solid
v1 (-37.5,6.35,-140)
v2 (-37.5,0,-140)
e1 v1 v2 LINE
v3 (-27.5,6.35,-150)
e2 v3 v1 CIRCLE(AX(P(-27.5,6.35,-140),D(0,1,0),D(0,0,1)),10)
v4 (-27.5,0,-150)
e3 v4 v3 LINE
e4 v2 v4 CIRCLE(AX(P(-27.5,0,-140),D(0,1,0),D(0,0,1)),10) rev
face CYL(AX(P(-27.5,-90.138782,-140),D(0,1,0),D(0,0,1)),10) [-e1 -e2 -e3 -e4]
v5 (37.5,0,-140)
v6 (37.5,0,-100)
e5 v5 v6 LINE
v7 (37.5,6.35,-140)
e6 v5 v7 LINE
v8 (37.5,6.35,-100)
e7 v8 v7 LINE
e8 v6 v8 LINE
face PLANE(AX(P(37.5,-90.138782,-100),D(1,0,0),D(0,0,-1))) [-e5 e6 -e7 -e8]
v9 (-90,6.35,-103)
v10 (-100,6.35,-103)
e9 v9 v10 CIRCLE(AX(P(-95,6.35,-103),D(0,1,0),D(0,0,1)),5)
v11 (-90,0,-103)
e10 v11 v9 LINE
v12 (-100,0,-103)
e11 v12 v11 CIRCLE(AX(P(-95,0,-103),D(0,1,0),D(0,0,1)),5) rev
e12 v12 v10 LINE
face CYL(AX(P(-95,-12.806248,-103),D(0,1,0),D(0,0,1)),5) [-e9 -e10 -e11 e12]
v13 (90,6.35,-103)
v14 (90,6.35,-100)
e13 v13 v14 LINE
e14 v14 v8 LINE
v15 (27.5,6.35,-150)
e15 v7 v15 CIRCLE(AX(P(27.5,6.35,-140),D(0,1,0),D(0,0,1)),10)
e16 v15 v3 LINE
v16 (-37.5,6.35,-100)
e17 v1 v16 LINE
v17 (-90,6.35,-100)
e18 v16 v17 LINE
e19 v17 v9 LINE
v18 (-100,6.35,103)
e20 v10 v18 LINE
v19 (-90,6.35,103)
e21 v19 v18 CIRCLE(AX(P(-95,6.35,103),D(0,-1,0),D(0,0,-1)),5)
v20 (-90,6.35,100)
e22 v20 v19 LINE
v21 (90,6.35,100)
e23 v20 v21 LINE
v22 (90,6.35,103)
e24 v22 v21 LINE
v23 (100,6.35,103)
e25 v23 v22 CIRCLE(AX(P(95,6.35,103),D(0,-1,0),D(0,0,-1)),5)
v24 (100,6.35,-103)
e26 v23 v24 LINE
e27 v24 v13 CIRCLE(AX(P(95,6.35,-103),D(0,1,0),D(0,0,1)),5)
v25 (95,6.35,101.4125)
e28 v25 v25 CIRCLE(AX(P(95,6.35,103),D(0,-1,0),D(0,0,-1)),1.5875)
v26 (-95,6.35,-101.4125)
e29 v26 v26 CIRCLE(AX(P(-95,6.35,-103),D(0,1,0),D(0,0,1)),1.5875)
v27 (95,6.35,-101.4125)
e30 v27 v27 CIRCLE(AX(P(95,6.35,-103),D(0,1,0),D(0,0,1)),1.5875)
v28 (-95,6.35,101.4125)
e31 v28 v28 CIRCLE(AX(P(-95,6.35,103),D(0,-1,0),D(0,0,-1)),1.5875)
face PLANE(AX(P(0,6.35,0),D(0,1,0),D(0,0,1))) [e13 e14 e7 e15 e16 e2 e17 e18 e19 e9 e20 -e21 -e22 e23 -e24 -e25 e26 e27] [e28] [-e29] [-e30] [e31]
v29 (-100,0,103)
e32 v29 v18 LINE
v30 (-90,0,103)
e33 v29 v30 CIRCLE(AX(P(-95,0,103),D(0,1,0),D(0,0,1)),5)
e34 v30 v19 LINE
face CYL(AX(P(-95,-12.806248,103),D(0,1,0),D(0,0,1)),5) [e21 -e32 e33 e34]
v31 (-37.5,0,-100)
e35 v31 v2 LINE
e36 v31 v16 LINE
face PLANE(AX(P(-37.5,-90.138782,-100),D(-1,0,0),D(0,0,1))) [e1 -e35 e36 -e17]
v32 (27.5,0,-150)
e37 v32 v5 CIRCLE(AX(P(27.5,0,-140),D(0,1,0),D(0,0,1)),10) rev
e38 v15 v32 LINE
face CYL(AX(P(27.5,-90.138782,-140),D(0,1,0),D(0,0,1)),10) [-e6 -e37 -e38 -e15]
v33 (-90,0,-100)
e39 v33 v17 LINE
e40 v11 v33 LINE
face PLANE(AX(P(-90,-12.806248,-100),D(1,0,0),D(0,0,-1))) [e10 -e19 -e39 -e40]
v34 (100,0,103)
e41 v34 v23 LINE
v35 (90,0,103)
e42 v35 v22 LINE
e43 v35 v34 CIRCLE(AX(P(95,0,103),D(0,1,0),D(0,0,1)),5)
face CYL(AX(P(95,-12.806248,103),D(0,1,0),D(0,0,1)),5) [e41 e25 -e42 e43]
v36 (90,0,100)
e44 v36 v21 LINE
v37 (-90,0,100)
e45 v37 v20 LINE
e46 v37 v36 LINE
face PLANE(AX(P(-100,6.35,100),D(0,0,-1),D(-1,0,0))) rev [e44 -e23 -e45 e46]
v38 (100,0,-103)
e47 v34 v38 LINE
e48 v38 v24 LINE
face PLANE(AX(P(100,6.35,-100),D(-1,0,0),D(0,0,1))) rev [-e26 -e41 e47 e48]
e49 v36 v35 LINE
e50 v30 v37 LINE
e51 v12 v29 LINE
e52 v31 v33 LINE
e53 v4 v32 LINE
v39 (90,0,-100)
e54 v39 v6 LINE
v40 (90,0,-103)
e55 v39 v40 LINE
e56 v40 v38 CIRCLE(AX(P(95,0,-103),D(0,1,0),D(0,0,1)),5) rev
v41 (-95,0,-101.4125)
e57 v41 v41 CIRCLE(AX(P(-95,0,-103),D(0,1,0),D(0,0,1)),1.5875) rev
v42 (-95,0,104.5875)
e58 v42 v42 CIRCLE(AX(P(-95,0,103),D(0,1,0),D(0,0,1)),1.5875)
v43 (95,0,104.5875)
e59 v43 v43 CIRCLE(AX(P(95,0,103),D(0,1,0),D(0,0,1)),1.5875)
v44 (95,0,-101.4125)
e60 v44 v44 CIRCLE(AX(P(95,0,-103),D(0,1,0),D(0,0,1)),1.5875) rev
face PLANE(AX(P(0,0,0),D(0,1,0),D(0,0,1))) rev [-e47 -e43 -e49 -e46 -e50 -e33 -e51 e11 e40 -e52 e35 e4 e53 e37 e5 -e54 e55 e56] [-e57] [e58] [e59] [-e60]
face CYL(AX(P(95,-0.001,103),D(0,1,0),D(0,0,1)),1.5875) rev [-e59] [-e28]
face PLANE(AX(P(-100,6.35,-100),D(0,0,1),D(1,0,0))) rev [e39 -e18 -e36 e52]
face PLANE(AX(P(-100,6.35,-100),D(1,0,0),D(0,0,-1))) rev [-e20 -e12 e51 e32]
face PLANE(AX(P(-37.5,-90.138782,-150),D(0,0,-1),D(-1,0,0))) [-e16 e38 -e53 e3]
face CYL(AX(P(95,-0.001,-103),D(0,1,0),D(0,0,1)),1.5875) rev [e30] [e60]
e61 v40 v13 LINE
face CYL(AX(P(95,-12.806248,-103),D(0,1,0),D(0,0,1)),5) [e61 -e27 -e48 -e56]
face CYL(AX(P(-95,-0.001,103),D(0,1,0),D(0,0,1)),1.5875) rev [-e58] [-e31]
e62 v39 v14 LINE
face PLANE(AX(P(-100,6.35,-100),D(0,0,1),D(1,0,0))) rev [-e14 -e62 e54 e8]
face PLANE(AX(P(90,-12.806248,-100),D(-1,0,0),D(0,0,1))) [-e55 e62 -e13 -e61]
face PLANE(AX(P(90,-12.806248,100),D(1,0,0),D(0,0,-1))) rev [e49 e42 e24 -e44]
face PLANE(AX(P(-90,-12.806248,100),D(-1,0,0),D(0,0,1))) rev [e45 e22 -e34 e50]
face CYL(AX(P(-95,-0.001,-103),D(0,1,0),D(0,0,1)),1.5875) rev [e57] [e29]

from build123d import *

# Parameters (mm, degrees)
ESQUISSE1_W                = 200
ESQUISSE1_H                = 200
BOSS_EXTRU_1_DEPTH         = 6.35
BOSS_EXTRU_2_DEPTH         = 6.35
ENL_V_MAT_EXTRU_1_REACH    = 149.324
ESQUISSE3_R                = 1.5875
R_P_TITION_LIN_AIRE1_COUNT = 2
R_P_TITION_LIN_AIRE1_PITCH = 190
SYM_TRIE1_COPY_1_DEPTH     = 6.35
SYM_TRIE1_COPY_2_REACH     = 149.324
SYM_TRIE1_COPY_2_SKETCH_R  = 1.5875
ESQUISSE4_W                = 75
ESQUISSE4_H                = 50
BOSS_EXTRU_3_DEPTH         = 6.35
CONG_1_R                   = 10


with BuildPart() as part:
    # Esquisse1 → Boss.-Extru.1 (new body)
    with BuildSketch(Plane(origin=(0, 0, 0), x_dir=(1, 0, 0), z_dir=(0, 1, 0))):
        Rectangle(ESQUISSE1_W, ESQUISSE1_H)
    extrude(amount=BOSS_EXTRU_1_DEPTH)

    # Esquisse2 → Boss.-Extru.2 (add)
    with BuildSketch(Plane(origin=(0, 6.35, 0), x_dir=(1, 0, 0), z_dir=(0, 1, 0))):
        with BuildLine():
            Line((-100, 100), (-90, 100))
            Line((-90, 100), (-90, 103))
            ThreePointArc((-90, 103), (-95, 108), (-100, 103))
            Line((-100, 103), (-100, 100))
        make_face()
    boss_extru_2 = extrude(amount=-BOSS_EXTRU_2_DEPTH)

    # Esquisse3 → Enlèv. mat.-Extru.1 (cut, up to next)
    with BuildSketch(Plane(origin=(0, 6.35, 0), x_dir=(1, 0, 0), z_dir=(0, 1, 0)), mode=Mode.PRIVATE) as enl_v_mat_extru_1_sk1:
        with Locations(Location((-95, 103, 0), (0, 0, 270))):
            Circle(ESQUISSE3_R)
    enl_v_mat_extru_1_tool1 = extrude(enl_v_mat_extru_1_sk1.sketch, amount=-ENL_V_MAT_EXTRU_1_REACH, mode=Mode.PRIVATE) & part.part
    enl_v_mat_extru_1 = enl_v_mat_extru_1_tool1.solids().sort_by_distance((-95, 6.35, -103))[0]
    add(enl_v_mat_extru_1, mode=Mode.SUBTRACT)

    # Répétition linéaire1: Boss.-Extru.2, Enlèv. mat.-Extru.1 ×2
    with Locations(*[(i * R_P_TITION_LIN_AIRE1_PITCH, 0, 0) for i in range(1, R_P_TITION_LIN_AIRE1_COUNT)]):
        add(boss_extru_2)
        add(enl_v_mat_extru_1, mode=Mode.SUBTRACT)

    # Symétrie1: Boss.-Extru.2, Enlèv. mat.-Extru.1 across plane
    add(boss_extru_2.mirror(Plane.XY))
    add(enl_v_mat_extru_1.mirror(Plane.XY), mode=Mode.SUBTRACT)

    # Symétrie1 copy 1 sketch → Symétrie1 copy 1 (add)
    with BuildSketch(Plane(origin=(190, 6.35, 0), x_dir=(1, 0, 0), z_dir=(0, 1, 0))):
        with BuildLine():
            Line((-100, -100), (-90, -100))
            Line((-90, -100), (-90, -103))
            ThreePointArc((-90, -103), (-95, -108), (-100, -103))
            Line((-100, -103), (-100, -100))
        make_face()
    extrude(amount=-SYM_TRIE1_COPY_1_DEPTH)

    # Symétrie1 copy 2 sketch → Symétrie1 copy 2 (cut, up to next)
    with BuildSketch(Plane(origin=(190, 6.35, 0), x_dir=(1, 0, 0), z_dir=(0, 1, 0)), mode=Mode.PRIVATE) as sym_trie1_copy_2_sk1:
        with Locations((-95, -103)):
            Circle(SYM_TRIE1_COPY_2_SKETCH_R)
    sym_trie1_copy_2_tool1 = extrude(sym_trie1_copy_2_sk1.sketch, amount=-SYM_TRIE1_COPY_2_REACH, mode=Mode.PRIVATE) & part.part
    add(sym_trie1_copy_2_tool1.solids().sort_by_distance((95, 6.35, 103))[0], mode=Mode.SUBTRACT)

    # Esquisse4 → Boss.-Extru.3 (add)
    with BuildSketch(Plane(origin=(0, 6.35, 0), x_dir=(1, 0, 0), z_dir=(0, 1, 0))):
        with Locations((0, 125)):
            Rectangle(ESQUISSE4_W, ESQUISSE4_H)
    extrude(amount=-BOSS_EXTRU_3_DEPTH)

    # Congé1
    cong_1_edges = [part.edges().sort_by_distance(p)[0] for p in [
        (-37.5, 3.175, -150),
        (37.5, 3.175, -150),
    ]]
    fillet(cong_1_edges, radius=CONG_1_R)


solid = part.part
